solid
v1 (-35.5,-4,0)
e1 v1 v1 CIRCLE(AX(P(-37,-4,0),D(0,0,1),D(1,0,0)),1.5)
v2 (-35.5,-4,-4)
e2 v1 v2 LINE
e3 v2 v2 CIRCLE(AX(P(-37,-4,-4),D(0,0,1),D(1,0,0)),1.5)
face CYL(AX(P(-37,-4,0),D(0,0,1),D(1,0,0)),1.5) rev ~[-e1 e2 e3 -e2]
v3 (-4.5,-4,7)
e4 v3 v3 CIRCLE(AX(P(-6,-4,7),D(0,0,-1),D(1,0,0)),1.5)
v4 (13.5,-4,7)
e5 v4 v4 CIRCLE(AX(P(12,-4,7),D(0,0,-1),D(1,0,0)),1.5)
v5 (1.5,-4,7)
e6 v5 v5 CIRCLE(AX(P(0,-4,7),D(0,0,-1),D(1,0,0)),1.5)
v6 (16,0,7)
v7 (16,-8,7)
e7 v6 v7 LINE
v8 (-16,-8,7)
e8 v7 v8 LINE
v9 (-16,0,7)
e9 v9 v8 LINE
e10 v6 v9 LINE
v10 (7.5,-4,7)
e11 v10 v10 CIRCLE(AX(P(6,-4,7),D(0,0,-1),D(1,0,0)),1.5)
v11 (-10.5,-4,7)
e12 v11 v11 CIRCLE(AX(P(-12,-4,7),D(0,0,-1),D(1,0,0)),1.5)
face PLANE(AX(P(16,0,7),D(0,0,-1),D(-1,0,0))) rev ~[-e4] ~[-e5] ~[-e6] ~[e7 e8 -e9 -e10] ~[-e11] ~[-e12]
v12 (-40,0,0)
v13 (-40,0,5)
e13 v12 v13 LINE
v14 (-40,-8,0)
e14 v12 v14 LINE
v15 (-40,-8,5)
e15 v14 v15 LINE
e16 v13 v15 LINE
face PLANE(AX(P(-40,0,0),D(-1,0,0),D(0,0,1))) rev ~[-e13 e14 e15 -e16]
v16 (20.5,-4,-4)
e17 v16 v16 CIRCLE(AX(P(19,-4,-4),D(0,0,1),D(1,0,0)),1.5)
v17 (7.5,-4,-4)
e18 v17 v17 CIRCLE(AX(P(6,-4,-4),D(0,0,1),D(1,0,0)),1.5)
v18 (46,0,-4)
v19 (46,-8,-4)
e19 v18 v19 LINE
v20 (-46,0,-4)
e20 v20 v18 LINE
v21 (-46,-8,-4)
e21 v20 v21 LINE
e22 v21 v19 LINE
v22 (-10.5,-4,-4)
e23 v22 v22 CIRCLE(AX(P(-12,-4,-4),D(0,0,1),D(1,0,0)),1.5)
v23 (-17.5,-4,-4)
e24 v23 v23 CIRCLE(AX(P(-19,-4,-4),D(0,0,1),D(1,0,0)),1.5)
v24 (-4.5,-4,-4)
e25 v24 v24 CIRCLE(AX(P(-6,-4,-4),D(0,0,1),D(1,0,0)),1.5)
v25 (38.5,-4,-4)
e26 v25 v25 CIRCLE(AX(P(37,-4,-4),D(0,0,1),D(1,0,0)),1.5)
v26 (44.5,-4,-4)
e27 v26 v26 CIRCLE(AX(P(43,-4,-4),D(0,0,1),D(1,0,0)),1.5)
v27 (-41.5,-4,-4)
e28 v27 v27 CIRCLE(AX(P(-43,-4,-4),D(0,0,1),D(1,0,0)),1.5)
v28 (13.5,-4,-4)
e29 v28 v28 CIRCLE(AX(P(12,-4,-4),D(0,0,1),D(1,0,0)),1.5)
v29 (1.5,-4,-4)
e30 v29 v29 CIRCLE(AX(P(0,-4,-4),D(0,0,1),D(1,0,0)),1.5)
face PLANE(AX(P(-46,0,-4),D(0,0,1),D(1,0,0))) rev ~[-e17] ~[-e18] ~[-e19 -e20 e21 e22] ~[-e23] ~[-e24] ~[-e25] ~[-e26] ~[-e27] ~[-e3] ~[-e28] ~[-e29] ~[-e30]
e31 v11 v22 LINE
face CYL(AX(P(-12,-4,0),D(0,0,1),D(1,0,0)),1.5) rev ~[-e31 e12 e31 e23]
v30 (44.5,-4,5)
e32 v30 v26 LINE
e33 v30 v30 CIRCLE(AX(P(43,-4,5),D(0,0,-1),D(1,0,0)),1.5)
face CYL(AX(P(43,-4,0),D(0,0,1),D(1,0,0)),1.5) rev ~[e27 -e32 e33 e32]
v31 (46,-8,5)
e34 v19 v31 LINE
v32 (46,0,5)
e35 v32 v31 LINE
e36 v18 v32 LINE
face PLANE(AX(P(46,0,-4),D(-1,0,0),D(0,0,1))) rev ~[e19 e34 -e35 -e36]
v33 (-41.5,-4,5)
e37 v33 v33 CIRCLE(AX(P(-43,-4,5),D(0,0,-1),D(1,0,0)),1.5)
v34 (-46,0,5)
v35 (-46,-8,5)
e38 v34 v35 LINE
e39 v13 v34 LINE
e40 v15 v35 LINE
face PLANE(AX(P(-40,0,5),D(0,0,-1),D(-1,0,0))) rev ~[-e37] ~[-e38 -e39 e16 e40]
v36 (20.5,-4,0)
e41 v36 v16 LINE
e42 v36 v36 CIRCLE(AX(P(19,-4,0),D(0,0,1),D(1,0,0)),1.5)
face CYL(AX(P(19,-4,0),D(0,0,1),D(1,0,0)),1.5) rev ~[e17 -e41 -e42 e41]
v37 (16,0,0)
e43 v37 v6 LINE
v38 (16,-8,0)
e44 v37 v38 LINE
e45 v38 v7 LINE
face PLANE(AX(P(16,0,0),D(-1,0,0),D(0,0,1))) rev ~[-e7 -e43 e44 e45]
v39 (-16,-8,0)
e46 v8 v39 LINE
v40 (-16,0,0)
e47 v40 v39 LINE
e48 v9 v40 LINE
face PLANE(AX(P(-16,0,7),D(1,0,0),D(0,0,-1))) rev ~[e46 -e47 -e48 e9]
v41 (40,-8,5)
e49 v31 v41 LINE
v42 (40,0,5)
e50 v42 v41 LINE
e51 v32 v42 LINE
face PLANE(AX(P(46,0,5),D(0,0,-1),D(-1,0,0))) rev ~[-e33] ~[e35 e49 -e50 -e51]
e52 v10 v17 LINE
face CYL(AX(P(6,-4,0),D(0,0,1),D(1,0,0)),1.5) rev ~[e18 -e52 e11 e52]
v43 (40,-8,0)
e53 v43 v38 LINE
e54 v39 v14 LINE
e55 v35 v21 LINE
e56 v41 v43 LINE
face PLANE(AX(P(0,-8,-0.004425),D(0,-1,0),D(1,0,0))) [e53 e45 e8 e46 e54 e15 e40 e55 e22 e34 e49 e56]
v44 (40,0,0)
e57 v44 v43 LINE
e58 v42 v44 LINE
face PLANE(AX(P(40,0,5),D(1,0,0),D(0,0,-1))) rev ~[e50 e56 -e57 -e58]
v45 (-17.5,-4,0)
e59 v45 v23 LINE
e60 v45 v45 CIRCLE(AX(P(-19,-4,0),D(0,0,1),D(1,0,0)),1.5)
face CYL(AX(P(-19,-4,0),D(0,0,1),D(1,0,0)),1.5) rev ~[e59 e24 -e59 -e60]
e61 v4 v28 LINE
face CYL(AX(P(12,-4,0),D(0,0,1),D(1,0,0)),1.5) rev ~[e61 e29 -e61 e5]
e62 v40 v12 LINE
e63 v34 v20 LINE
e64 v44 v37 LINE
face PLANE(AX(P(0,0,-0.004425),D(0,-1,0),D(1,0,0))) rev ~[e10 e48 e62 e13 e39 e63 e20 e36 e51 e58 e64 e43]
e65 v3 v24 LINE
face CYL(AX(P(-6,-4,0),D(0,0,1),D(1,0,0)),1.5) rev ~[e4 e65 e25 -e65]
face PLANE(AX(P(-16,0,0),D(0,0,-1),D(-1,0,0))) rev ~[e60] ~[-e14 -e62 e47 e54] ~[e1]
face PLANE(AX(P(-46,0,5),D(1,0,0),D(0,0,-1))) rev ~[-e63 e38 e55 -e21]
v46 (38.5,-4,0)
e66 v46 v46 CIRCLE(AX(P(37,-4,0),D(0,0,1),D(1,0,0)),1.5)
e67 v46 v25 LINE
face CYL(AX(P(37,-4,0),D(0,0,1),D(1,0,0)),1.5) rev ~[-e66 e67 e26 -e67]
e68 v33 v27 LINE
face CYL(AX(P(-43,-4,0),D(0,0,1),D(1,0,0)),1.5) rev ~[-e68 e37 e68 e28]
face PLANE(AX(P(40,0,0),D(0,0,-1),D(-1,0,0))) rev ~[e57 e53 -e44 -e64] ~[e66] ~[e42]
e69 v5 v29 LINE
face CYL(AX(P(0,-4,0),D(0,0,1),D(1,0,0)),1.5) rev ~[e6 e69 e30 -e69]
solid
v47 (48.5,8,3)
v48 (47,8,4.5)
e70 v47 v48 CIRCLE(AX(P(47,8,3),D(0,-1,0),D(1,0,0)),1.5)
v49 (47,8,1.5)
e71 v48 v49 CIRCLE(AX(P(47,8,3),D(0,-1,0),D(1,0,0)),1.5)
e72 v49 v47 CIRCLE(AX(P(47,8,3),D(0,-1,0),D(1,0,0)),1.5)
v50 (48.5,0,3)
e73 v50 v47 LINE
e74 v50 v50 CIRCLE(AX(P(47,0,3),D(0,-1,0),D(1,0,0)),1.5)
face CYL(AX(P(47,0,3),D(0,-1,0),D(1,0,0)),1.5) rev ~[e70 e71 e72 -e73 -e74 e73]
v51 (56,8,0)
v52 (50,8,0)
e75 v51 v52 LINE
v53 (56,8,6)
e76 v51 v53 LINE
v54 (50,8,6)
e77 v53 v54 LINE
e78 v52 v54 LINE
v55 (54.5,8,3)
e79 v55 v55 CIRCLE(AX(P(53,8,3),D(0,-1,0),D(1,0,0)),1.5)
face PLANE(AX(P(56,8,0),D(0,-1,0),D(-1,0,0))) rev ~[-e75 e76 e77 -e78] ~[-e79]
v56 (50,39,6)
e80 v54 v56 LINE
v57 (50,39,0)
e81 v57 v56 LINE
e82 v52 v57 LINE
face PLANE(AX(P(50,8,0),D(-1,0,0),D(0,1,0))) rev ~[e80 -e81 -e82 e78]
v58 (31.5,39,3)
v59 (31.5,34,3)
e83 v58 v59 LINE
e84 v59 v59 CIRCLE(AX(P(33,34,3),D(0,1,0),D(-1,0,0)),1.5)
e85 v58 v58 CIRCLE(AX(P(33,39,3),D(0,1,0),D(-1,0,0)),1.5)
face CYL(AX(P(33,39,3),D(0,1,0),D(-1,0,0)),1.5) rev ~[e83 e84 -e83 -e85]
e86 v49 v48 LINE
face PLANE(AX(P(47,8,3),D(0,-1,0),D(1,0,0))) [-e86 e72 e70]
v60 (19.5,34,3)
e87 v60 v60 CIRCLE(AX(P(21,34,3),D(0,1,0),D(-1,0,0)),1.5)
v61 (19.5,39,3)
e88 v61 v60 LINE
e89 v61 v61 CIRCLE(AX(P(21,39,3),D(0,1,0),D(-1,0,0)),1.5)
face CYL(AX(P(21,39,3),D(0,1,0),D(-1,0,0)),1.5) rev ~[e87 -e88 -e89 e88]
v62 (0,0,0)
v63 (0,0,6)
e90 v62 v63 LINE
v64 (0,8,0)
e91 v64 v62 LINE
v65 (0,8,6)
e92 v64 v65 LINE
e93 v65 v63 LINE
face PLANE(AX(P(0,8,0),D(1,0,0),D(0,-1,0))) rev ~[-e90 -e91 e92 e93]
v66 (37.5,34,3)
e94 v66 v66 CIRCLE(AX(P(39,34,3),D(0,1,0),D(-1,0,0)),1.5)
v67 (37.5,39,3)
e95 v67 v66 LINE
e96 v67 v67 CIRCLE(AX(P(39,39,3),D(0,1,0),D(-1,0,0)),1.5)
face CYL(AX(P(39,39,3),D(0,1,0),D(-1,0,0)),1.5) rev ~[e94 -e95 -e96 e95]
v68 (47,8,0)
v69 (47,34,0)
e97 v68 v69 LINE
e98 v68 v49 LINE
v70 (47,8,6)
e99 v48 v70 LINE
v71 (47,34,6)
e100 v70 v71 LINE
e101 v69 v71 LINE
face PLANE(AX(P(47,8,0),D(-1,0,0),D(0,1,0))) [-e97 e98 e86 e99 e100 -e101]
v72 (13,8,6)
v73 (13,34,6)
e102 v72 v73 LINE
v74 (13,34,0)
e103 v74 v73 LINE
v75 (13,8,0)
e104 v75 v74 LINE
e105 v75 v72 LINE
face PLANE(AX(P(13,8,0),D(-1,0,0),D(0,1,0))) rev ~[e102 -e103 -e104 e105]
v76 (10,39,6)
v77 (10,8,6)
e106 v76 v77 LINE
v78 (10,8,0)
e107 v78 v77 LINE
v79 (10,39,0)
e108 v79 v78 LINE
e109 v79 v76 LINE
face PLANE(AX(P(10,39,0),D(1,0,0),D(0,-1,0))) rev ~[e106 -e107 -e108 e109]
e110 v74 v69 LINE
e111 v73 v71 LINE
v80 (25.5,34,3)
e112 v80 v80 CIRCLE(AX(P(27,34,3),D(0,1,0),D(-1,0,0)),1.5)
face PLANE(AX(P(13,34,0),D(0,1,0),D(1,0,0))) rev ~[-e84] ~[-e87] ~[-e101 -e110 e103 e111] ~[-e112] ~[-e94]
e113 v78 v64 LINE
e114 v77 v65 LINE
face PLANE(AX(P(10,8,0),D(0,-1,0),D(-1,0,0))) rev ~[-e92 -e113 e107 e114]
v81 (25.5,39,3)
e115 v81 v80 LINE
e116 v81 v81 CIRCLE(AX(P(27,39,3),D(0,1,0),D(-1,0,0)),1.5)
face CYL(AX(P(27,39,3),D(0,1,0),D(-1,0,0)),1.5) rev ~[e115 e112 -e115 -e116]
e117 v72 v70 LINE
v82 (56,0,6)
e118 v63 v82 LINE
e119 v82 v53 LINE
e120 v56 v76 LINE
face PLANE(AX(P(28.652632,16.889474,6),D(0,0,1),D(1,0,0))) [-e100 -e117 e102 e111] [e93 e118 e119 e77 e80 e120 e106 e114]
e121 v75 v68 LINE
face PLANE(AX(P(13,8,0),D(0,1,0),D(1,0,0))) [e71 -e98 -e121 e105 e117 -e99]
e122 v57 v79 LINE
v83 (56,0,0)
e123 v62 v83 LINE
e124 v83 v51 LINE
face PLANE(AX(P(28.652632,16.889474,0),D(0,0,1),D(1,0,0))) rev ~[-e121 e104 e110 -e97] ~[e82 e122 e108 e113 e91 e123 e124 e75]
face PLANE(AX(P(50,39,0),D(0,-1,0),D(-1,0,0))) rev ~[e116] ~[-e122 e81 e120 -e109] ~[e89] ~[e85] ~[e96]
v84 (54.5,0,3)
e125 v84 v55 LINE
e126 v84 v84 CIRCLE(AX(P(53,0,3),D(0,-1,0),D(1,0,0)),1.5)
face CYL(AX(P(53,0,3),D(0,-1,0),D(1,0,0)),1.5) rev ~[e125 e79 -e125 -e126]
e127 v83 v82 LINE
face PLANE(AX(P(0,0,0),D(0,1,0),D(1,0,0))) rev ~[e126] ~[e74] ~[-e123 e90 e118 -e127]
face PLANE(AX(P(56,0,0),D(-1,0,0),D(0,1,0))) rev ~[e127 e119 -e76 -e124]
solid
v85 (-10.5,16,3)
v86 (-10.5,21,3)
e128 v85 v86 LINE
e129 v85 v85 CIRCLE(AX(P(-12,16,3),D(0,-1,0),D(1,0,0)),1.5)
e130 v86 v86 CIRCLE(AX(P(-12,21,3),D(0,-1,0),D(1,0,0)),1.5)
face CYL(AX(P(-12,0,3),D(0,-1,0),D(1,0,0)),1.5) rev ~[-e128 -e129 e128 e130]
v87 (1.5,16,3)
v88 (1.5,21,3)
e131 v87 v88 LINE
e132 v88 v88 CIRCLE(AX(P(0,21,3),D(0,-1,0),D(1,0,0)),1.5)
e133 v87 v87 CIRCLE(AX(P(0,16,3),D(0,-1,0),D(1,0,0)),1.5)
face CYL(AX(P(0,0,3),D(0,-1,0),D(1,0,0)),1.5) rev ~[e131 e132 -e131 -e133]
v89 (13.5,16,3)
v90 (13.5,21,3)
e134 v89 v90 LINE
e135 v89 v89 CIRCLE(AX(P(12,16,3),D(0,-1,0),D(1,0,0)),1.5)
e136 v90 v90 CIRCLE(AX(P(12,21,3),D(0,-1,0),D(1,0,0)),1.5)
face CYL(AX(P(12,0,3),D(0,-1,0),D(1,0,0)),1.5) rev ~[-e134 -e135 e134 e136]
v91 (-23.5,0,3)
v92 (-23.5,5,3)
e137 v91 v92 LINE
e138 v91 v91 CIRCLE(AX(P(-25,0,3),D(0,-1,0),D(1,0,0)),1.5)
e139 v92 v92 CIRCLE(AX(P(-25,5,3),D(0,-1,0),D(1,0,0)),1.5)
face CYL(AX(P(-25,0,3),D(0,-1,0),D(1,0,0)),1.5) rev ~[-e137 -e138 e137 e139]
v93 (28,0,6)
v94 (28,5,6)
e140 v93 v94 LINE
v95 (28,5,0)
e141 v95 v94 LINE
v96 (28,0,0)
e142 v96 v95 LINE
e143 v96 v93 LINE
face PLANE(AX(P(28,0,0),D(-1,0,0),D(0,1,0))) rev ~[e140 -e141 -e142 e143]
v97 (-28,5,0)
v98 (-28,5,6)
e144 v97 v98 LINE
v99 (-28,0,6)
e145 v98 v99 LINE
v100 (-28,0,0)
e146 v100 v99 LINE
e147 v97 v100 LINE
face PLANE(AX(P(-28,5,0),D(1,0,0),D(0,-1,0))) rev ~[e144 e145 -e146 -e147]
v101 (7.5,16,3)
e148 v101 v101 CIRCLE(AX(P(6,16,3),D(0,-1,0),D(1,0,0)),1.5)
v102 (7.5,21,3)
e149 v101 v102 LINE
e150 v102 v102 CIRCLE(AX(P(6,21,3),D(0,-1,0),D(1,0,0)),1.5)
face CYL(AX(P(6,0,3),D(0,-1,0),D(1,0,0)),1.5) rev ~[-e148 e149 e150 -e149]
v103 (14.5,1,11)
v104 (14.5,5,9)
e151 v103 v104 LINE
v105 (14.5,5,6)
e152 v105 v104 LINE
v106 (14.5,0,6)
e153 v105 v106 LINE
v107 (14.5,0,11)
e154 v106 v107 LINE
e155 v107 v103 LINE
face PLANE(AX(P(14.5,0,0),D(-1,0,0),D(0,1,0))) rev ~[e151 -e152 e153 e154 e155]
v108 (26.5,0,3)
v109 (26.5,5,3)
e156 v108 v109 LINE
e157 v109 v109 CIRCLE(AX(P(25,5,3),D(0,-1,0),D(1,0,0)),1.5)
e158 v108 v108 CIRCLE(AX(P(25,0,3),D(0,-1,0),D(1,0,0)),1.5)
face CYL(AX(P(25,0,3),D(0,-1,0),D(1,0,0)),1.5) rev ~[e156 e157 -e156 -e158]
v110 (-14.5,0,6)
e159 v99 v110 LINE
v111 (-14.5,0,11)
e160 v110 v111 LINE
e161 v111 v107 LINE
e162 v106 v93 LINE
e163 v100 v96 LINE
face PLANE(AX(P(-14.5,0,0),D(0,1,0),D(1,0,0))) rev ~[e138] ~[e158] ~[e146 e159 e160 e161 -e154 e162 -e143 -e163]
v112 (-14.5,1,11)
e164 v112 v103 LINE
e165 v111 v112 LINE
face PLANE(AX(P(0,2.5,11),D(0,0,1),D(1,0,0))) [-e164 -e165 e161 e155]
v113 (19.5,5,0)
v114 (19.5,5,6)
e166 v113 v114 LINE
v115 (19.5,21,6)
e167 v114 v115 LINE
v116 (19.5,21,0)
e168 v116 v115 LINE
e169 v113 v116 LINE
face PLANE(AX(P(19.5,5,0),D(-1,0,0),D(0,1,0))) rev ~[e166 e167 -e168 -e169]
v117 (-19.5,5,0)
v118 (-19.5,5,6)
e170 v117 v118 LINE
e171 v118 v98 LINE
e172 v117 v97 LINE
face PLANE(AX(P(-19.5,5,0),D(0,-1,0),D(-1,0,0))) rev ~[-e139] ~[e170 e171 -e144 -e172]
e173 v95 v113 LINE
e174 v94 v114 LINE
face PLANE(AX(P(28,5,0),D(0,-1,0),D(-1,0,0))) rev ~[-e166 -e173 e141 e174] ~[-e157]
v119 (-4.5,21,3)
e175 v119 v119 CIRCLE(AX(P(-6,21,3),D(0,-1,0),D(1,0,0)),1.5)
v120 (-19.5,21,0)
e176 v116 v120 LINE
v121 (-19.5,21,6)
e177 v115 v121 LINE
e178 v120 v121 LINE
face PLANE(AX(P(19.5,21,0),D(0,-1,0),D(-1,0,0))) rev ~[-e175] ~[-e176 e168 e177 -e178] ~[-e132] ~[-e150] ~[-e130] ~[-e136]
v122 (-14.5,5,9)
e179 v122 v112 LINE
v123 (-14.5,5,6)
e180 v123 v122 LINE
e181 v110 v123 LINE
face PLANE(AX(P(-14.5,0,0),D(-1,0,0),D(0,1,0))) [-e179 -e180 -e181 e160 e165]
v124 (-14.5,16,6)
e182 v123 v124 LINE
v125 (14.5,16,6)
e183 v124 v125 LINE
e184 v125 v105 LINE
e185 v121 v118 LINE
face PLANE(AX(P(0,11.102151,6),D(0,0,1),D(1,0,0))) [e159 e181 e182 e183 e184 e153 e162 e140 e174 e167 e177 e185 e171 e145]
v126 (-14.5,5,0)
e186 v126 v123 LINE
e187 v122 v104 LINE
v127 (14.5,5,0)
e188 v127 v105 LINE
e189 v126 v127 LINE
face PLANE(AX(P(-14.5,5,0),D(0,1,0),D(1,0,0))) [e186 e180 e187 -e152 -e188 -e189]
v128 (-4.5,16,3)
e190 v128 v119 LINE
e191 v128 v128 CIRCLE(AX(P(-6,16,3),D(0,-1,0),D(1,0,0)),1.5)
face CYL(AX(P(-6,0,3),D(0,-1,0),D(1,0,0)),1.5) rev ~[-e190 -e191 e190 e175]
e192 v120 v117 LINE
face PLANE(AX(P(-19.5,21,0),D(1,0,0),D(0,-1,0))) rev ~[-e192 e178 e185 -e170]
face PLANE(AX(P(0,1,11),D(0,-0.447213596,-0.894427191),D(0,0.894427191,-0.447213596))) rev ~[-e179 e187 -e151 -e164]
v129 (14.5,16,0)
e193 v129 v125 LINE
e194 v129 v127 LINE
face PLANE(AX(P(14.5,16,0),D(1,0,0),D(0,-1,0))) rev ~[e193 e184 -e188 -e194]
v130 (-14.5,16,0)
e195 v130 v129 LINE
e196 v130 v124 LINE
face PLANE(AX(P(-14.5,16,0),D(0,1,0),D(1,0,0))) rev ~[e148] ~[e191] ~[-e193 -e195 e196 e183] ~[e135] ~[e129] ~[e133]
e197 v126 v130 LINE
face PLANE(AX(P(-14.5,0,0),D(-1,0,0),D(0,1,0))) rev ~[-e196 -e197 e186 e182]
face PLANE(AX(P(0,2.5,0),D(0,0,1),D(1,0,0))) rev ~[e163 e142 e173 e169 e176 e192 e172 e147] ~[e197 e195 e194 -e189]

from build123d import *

# Parameters (mm, degrees)
PAD_DEPTH            = 8
SKETCH001_R          = 1.5
POCKET_DEPTH         = 4.001
POCKET_DEPTH_BACK    = -7.001
PAD001_DEPTH         = 6
SKETCH003_R          = 1.5
POCKET001_DEPTH      = 21.001
POCKET001_DEPTH_BACK = -0.001
SKETCH004_W          = 29
SKETCH004_H          = 5
PAD002_DEPTH         = 11
POCKET002_DEPTH      = 28.001
POCKET002_DEPTH_BACK = -28.001
SKETCH006_W          = 34
SKETCH006_H          = 26
PAD003_DEPTH         = 6
SKETCH007_R          = 1.5
POCKET003_DEPTH      = 8
SKETCH008_R          = 1.5
POCKET004_DEPTH      = 5


with BuildPart() as bodybaseconn:
    # Sketch → Pad (new body)
    with BuildSketch(Plane.XZ):
        Polygon((-16, -4), (16, -4), (40, -4), (46, -4), (46, 0), (46, 5), (40, 5), (40, 0), (16, 0), (16, 7), (-16, 7), (-16, 0), (-40, 0), (-40, 5), (-46, 5), (-46, 0), (-46, -4), (-40, -4), align=None)
    extrude(amount=PAD_DEPTH)

    # Sketch001 → Pocket (cut, two sides)
    with BuildSketch(Plane.XY) as pocket_sk:
        with Locations((-43, -4)):
            Circle(SKETCH001_R)
        with Locations((43, -4)):
            Circle(SKETCH001_R)
        with Locations((0, -4)):
            Circle(SKETCH001_R)
        with Locations((-6, -4)):
            Circle(SKETCH001_R)
        with Locations((6, -4)):
            Circle(SKETCH001_R)
        with Locations((-12, -4)):
            Circle(SKETCH001_R)
        with Locations((12, -4)):
            Circle(SKETCH001_R)
        with Locations((-37, -4)):
            Circle(SKETCH001_R)
        with Locations((37, -4)):
            Circle(SKETCH001_R)
        with Locations((19, -4)):
            Circle(SKETCH001_R)
        with Locations((-19, -4)):
            Circle(SKETCH001_R)
    extrude(amount=-POCKET_DEPTH, mode=Mode.SUBTRACT)
    extrude(pocket_sk.sketch, amount=-POCKET_DEPTH_BACK, mode=Mode.SUBTRACT)


with BuildPart() as body001tranholder:
    # Sketch002 → Pad001 (new body)
    with BuildSketch(Plane.XY):
        Polygon((-28, 0), (-14.5, 0), (-14.5, 16), (14.5, 16), (14.5, 0), (28, 0), (28, 5), (19.5, 5), (19.5, 21), (-19.5, 21), (-19.5, 5), (-28, 5), align=None)
    extrude(amount=PAD001_DEPTH)

    # Sketch003 → Pocket001 (cut, two sides)
    with BuildSketch(Plane.XZ) as pocket001_sk:
        with Locations((-25, 3)):
            Circle(SKETCH003_R)
        with Locations((25, 3)):
            Circle(SKETCH003_R)
        with Locations((0, 3)):
            Circle(SKETCH003_R)
        with Locations((-6, 3)):
            Circle(SKETCH003_R)
        with Locations((6, 3)):
            Circle(SKETCH003_R)
        with Locations((-12, 3)):
            Circle(SKETCH003_R)
        with Locations((12, 3)):
            Circle(SKETCH003_R)
    extrude(amount=-POCKET001_DEPTH, mode=Mode.SUBTRACT)
    extrude(pocket001_sk.sketch, amount=-POCKET001_DEPTH_BACK, mode=Mode.SUBTRACT)

    # Sketch004 → Pad002 (join)
    with BuildSketch(Plane.XY):
        with Locations((0, 2.5)):
            Rectangle(SKETCH004_W, SKETCH004_H)
    extrude(amount=PAD002_DEPTH)

    # Sketch005 → Pocket002 (cut, two sides)
    with BuildSketch(Plane.YZ) as pocket002_sk:
        Polygon((1, 11), (5, 9), (5, 11), align=None)
    extrude(amount=-POCKET002_DEPTH, mode=Mode.SUBTRACT)
    extrude(pocket002_sk.sketch, amount=-POCKET002_DEPTH_BACK, mode=Mode.SUBTRACT)


with BuildPart() as body002battaryholder:
    # Sketch006 → Pad003 (new body)
    with BuildSketch(Plane.XY):
        Polygon((0, 0), (56, 0), (56, 8), (50, 8), (50, 39), (10, 39), (10, 8), (0, 8), align=None)
        with Locations((30, 21)):
            Rectangle(SKETCH006_W, SKETCH006_H, mode=Mode.SUBTRACT)
    extrude(amount=PAD003_DEPTH)

    # Sketch007 → Pocket003 (cut)
    with BuildSketch(Plane.XZ):
        with Locations((53, 3)):
            Circle(SKETCH007_R)
        with Locations((47, 3)):
            Circle(SKETCH007_R)
    extrude(amount=-POCKET003_DEPTH, mode=Mode.SUBTRACT)

    # Sketch008 (on Face12 of Pocket003) → Pocket004 (cut)
    with BuildSketch(Plane(origin=(0, 39, 0), x_dir=(-1, 0, 0), z_dir=(0, 1, 0))):
        with Locations((-33, 3)):
            Circle(SKETCH008_R)
        with Locations((-27, 3)):
            Circle(SKETCH008_R)
        with Locations((-21, 3)):
            Circle(SKETCH008_R)
        with Locations((-39, 3)):
            Circle(SKETCH008_R)
    extrude(amount=-POCKET004_DEPTH, mode=Mode.SUBTRACT)


solid = Compound([bodybaseconn.part, body001tranholder.part, body002battaryholder.part])
